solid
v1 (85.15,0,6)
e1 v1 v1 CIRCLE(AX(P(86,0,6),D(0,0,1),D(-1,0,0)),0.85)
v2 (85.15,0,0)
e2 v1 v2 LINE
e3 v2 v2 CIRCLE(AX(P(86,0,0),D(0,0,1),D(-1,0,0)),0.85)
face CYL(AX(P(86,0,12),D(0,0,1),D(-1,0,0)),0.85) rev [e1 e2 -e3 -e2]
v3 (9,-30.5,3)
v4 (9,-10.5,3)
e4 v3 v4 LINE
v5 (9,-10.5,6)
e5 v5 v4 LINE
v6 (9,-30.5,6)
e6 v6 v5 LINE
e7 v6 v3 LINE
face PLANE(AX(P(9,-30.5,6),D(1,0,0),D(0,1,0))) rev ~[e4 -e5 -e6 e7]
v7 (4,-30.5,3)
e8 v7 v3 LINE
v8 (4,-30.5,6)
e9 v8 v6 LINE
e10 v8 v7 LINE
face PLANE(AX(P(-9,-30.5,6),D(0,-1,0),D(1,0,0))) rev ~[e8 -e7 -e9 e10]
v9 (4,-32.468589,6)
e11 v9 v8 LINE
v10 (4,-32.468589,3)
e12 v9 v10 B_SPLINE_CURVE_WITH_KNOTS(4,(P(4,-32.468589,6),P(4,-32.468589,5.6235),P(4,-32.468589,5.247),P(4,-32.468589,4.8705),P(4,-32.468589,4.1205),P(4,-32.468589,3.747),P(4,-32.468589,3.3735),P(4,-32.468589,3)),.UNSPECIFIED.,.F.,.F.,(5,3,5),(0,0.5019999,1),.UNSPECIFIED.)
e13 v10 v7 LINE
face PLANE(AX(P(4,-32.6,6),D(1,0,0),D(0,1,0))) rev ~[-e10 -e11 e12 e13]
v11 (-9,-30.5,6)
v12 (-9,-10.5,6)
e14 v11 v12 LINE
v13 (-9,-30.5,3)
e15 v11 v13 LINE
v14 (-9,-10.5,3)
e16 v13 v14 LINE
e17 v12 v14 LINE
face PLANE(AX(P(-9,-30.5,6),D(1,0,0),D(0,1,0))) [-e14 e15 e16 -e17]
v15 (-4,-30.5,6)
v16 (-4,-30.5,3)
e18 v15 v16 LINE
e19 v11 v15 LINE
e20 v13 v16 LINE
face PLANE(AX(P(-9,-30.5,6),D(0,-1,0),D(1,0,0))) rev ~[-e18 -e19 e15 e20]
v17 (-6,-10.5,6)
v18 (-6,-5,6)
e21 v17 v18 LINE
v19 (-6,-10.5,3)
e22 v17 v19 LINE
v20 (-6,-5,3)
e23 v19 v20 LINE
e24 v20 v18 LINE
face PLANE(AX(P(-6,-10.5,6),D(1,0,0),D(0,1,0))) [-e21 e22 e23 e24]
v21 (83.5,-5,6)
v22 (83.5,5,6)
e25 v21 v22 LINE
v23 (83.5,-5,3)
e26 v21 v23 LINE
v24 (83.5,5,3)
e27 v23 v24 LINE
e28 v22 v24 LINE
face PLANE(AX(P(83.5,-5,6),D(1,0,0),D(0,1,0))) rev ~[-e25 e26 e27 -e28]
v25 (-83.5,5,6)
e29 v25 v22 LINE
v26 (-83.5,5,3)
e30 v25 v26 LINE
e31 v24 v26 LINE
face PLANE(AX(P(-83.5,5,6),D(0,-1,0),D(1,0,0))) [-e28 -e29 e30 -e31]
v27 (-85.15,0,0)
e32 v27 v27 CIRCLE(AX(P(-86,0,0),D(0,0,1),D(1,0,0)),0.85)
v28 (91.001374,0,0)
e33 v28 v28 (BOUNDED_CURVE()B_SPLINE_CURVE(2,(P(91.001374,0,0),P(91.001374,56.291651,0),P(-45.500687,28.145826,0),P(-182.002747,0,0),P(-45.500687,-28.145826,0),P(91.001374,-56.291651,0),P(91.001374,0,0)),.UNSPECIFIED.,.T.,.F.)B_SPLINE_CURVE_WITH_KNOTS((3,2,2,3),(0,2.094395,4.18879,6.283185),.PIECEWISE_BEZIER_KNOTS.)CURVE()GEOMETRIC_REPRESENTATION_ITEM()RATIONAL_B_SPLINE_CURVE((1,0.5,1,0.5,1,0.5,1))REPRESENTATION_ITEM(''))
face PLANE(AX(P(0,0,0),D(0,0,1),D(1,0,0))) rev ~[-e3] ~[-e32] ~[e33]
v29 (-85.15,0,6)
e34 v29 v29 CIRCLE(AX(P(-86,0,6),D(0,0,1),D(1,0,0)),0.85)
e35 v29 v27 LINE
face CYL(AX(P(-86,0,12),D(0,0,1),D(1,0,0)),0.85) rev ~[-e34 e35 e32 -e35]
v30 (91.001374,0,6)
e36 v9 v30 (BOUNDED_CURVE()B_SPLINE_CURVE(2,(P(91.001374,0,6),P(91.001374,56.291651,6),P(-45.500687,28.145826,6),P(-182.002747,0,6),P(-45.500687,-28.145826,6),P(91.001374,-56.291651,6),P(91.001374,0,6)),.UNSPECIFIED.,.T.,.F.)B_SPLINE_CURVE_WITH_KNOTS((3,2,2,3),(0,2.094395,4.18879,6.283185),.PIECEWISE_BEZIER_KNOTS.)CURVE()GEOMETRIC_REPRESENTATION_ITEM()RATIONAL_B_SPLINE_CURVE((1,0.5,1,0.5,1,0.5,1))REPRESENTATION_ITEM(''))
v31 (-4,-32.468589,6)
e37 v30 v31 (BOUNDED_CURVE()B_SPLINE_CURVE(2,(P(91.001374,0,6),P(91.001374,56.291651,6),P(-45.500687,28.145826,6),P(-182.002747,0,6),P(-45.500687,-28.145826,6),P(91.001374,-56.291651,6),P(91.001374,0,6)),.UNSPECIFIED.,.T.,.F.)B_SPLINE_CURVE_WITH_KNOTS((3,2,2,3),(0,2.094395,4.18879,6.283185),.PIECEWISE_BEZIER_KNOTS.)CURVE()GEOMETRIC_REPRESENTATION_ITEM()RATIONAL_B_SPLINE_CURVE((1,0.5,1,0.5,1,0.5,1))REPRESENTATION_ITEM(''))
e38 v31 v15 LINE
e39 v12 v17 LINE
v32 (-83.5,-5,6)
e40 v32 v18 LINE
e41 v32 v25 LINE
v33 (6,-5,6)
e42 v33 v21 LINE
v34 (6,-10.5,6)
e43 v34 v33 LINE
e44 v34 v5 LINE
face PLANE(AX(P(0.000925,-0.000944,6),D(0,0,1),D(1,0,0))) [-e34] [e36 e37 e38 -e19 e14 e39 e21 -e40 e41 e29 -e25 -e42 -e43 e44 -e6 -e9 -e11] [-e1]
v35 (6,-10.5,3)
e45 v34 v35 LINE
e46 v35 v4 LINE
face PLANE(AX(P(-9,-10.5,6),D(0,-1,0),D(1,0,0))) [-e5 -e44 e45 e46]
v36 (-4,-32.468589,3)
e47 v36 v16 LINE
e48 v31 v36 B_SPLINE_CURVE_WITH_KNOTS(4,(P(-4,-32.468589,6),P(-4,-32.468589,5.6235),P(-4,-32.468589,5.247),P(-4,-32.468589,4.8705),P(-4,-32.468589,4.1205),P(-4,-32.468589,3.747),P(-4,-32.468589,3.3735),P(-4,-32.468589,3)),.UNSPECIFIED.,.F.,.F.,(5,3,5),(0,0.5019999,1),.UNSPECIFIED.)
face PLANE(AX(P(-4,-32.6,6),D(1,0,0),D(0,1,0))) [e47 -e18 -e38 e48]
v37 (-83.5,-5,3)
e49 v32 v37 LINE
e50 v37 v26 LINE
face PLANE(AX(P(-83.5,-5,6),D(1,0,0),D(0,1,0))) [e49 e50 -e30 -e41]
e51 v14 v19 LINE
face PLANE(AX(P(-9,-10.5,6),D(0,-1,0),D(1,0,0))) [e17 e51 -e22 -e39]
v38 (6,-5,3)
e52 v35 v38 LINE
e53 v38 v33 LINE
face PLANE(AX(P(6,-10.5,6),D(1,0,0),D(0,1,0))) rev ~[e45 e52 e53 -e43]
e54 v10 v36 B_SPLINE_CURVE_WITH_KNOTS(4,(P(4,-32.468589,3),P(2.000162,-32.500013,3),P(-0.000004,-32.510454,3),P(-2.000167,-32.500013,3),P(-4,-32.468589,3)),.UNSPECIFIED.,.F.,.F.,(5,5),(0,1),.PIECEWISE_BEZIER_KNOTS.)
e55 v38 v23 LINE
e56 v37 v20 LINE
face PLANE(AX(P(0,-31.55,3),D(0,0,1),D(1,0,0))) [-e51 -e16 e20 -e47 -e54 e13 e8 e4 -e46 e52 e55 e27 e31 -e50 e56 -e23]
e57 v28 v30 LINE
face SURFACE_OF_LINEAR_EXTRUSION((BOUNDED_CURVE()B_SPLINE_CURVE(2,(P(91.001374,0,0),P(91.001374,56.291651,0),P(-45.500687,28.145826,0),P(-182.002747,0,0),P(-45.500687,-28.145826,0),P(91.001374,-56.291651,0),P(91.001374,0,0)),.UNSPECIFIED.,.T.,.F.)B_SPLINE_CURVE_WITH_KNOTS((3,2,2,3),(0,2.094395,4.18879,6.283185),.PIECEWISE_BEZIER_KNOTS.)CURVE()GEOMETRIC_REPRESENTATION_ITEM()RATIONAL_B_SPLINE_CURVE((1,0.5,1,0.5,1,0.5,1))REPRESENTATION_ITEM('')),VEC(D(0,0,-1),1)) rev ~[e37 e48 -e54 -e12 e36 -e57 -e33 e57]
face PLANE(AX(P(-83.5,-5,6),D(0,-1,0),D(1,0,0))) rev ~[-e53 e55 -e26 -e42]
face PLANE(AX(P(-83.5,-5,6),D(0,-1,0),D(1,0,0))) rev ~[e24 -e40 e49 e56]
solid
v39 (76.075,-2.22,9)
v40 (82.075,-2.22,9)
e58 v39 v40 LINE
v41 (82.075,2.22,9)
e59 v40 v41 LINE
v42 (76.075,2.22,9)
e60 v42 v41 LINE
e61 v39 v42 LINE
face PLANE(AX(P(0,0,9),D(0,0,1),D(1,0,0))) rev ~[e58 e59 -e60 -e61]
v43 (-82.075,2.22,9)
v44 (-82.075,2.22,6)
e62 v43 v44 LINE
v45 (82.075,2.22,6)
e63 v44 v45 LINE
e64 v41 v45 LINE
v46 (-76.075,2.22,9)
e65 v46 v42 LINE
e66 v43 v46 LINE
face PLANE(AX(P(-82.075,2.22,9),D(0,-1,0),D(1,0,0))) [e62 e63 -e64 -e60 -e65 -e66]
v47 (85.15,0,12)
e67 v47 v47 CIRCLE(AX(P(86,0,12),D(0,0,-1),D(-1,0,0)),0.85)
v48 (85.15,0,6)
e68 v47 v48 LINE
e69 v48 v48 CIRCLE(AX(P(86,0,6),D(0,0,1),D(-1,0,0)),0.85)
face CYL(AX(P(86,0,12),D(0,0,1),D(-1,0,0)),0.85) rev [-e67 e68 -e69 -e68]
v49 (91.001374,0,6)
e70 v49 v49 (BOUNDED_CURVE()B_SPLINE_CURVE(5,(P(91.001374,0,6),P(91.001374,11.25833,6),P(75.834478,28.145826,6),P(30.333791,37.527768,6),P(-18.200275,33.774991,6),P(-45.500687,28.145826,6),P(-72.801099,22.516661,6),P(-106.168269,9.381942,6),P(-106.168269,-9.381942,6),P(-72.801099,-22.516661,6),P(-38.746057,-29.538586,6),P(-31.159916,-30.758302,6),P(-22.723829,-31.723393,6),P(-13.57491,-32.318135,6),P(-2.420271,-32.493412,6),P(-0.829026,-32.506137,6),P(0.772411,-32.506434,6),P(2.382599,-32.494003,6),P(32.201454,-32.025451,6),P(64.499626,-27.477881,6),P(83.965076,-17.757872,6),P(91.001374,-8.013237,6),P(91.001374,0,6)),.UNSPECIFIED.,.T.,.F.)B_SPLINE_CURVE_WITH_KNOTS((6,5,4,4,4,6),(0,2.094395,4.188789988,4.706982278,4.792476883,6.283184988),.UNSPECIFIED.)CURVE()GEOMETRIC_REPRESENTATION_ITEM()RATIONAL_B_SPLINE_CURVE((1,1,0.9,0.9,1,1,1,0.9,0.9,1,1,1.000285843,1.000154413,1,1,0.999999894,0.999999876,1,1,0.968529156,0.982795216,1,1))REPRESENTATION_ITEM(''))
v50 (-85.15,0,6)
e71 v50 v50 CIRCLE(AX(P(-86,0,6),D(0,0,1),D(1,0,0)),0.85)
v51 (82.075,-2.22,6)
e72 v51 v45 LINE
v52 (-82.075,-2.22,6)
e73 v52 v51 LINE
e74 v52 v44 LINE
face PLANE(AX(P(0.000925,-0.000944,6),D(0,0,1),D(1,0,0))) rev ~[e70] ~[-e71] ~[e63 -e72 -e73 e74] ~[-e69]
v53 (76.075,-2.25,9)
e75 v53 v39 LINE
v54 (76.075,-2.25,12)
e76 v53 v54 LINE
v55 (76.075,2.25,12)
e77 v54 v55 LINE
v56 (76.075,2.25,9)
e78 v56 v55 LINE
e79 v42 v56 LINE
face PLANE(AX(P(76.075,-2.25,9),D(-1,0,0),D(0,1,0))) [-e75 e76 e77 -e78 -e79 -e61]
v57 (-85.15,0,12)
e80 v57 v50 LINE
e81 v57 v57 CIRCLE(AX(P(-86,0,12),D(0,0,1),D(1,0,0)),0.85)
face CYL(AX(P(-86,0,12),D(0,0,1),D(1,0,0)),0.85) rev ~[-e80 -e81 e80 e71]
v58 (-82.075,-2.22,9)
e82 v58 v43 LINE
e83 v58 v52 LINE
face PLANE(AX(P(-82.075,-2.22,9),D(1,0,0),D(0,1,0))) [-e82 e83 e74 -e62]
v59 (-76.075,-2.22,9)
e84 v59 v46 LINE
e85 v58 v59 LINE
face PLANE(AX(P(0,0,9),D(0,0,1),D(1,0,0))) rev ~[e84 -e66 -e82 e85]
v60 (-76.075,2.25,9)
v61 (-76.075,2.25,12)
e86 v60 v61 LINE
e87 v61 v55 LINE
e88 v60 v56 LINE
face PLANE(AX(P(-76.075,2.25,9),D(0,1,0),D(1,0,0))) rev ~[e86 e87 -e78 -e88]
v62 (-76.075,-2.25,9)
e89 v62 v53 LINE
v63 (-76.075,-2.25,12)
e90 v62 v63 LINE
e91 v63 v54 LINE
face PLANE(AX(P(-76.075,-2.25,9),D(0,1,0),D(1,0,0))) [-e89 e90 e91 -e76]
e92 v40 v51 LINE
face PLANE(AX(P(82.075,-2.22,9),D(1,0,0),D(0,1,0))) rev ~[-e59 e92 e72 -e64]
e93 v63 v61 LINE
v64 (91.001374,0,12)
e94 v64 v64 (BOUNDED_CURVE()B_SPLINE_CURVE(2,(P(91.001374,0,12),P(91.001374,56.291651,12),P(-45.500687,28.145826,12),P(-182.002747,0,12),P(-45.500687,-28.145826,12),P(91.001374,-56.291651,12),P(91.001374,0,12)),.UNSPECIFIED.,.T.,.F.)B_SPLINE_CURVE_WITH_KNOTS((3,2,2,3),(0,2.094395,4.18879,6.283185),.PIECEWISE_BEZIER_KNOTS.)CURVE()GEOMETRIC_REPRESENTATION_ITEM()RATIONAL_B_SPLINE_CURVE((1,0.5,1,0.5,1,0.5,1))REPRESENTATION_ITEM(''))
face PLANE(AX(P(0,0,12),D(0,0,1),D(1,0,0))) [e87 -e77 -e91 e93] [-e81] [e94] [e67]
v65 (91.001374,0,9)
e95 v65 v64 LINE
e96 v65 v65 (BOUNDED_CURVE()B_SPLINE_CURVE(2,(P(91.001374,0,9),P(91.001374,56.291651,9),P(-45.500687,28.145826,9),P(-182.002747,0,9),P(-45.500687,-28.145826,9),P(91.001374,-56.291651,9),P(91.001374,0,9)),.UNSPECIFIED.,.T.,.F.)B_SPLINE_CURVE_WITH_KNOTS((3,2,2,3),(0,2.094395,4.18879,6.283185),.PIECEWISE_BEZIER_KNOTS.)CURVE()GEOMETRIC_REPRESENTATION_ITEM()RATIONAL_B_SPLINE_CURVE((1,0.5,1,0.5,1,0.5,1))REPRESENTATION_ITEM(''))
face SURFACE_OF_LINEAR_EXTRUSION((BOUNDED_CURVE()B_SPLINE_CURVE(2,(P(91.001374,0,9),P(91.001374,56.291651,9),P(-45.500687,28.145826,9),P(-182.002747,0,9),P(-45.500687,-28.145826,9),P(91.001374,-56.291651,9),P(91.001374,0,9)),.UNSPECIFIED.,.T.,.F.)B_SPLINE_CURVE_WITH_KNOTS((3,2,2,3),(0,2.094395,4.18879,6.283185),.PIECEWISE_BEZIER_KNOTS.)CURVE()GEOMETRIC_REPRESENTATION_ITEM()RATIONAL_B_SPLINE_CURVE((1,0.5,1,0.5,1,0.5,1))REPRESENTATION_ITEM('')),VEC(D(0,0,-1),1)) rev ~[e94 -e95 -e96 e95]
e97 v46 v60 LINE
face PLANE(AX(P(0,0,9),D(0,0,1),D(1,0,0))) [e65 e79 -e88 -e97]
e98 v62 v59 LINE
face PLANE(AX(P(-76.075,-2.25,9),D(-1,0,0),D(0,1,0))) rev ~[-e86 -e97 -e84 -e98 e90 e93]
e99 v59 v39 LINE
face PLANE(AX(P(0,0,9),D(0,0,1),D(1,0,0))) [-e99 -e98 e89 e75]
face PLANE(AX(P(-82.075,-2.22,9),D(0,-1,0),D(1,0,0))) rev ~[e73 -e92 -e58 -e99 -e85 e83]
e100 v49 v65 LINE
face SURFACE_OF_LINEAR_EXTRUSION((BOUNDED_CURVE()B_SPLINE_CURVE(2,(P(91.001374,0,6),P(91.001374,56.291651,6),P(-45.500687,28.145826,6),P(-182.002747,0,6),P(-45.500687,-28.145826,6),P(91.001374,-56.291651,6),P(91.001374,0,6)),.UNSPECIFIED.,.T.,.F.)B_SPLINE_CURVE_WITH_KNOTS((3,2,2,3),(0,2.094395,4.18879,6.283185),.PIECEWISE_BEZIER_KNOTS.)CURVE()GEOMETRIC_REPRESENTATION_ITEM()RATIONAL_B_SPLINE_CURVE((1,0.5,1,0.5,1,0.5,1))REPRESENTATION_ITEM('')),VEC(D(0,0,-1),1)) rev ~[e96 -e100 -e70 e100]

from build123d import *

# Parameters (mm, degrees)
BOX_BOTTOM_HALF_0_W     = 184.000896
BOX_BOTTOM_HALF_0_H     = 66.997861
BOX_BOTTOM_HALF_0_DEPTH = 7
PAD_DEPTH               = 6
SKETCH001_W             = 167
SKETCH001_H             = 10
POCKET_DEPTH            = 3
SKETCH002_W             = 18
SKETCH002_H             = 20
POCKET001_DEPTH         = 3
SKETCH003_W             = 12
SKETCH003_H             = 15.5
SKETCH003_W_2           = 8
SKETCH003_H_2           = 2.1
POCKET002_DEPTH         = 3
PAD001_DEPTH            = 3
SKETCH005_W             = 164.15
SKETCH005_H             = 4.44
POCKET003_DEPTH         = 3
SKETCH006_W             = 152.15
SKETCH006_H             = 4.5
PAD002_DEPTH            = 3
SKETCH007_R             = 0.85
POCKET004_DEPTH         = 399.26835


with BuildPart() as box_bottom_half_0_body:
    # box_bottom_half_0 → box_bottom_half_0 (new body)
    with BuildSketch(Plane(origin=(-91.999523, -33.499875, -1), x_dir=(1, 0, 0), z_dir=(0, 0, 1))):
        with Locations((92.000448, 33.498931)):
            Rectangle(BOX_BOTTOM_HALF_0_W, BOX_BOTTOM_HALF_0_H)
    extrude(amount=BOX_BOTTOM_HALF_0_DEPTH)


with BuildPart() as body:
    # Sketch → Pad (new body)
    with BuildSketch(Plane.XY):
        with BuildLine():
            add(Edge.make_bspline(
                [(91.001374, 0), (91.001374, 56.291651), (-45.500687, 28.145826), (-182.002747, 0), (-45.500687, -28.145826), (91.001374, -56.291651), (91.001374, 0)],
                knots=[0, 0, 0, 2.094395, 2.094395, 4.18879, 4.18879, 6.283185, 6.283185, 6.283185], degree=2, weights=[1, 0.5, 1, 0.5, 1, 0.5, 1]))
        make_face()
    extrude(amount=PAD_DEPTH)

    # Sketch001 (on Face3 of Pad) → Pocket (cut)
    with BuildSketch(Plane.XY.offset(6)):
        Rectangle(SKETCH001_W, SKETCH001_H)
    extrude(amount=-POCKET_DEPTH, mode=Mode.SUBTRACT)

    # Sketch002 (on Face3 of Pocket) → Pocket001 (cut)
    with BuildSketch(Plane.XY.offset(6)):
        with Locations((0, -20.5)):
            Rectangle(SKETCH002_W, SKETCH002_H)
    extrude(amount=-POCKET001_DEPTH, mode=Mode.SUBTRACT)

    # Sketch003 (on Face3 of Pocket001) → Pocket002 (cut)
    with BuildSketch(Plane.XY.offset(6)):
        with Locations((0, -2.75)):
            Rectangle(SKETCH003_W, SKETCH003_H)
        with Locations((0, -31.55)):
            Rectangle(SKETCH003_W_2, SKETCH003_H_2)
    extrude(amount=-POCKET002_DEPTH, mode=Mode.SUBTRACT)

    # Sketch004 (on Face3 of Pocket002) → Pad001 (join)
    with BuildSketch(Plane.XY.offset(6)):
        with BuildLine():
            add(Edge.make_bspline(
                [(91.001374, 0), (91.001374, 56.291651), (-45.500687, 28.145826), (-182.002747, 0), (-45.500687, -28.145826), (91.001374, -56.291651), (91.001374, 0)],
                knots=[0, 0, 0, 2.094395, 2.094395, 4.18879, 4.18879, 6.283185, 6.283185, 6.283185], degree=2, weights=[1, 0.5, 1, 0.5, 1, 0.5, 1]))
        make_face()
    extrude(amount=PAD001_DEPTH)

    # Sketch005 (on Face8 of Pad001) → Pocket003 (cut)
    with BuildSketch(Plane.XY.offset(9)):
        Rectangle(SKETCH005_W, SKETCH005_H)
    extrude(amount=-POCKET003_DEPTH, mode=Mode.SUBTRACT)

    # Sketch006 (on Face8 of Pocket003) → Pad002 (join)
    with BuildSketch(Plane.XY.offset(9)):
        with BuildLine():
            add(Edge.make_bspline(
                [(91.001374, 0), (91.001374, 56.291651), (-45.500687, 28.145826), (-182.002747, 0), (-45.500687, -28.145826), (91.001374, -56.291651), (91.001374, 0)],
                knots=[0, 0, 0, 2.094395, 2.094395, 4.18879, 4.18879, 6.283185, 6.283185, 6.283185], degree=2, weights=[1, 0.5, 1, 0.5, 1, 0.5, 1]))
        make_face()
        Rectangle(SKETCH006_W, SKETCH006_H, mode=Mode.SUBTRACT)
    extrude(amount=PAD002_DEPTH)

    # Sketch007 (on Face12 of Pad002) → Pocket004 (cut, through all)
    with BuildSketch(Plane.XY.offset(12)):
        with Locations((-86, 0)):
            Circle(SKETCH007_R)
    pocket004 = extrude(amount=-POCKET004_DEPTH, mode=Mode.SUBTRACT)

    # Mirrored: Pocket004 across Sketch007 V_Axis
    add(pocket004.mirror(Plane(origin=(0, 0, 12), x_dir=(0, 0, 1), z_dir=(1, 0, 0))), mode=Mode.SUBTRACT)


with BuildPart() as bottom_half_0_body:
    # bottom_half_0 base: copy of Body
    add(body.part)

    # bottom_half_0: intersect box_bottom_half_0 body
    add(box_bottom_half_0_body.part, mode=Mode.INTERSECT)


with BuildPart() as top_half_0_body:
    # top_half_0 base: copy of Body
    add(body.part)

    # top_half_0: cut box_bottom_half_0 body
    add(box_bottom_half_0_body.part, mode=Mode.SUBTRACT)


solid = Compound([bottom_half_0_body.part, top_half_0_body.part])
